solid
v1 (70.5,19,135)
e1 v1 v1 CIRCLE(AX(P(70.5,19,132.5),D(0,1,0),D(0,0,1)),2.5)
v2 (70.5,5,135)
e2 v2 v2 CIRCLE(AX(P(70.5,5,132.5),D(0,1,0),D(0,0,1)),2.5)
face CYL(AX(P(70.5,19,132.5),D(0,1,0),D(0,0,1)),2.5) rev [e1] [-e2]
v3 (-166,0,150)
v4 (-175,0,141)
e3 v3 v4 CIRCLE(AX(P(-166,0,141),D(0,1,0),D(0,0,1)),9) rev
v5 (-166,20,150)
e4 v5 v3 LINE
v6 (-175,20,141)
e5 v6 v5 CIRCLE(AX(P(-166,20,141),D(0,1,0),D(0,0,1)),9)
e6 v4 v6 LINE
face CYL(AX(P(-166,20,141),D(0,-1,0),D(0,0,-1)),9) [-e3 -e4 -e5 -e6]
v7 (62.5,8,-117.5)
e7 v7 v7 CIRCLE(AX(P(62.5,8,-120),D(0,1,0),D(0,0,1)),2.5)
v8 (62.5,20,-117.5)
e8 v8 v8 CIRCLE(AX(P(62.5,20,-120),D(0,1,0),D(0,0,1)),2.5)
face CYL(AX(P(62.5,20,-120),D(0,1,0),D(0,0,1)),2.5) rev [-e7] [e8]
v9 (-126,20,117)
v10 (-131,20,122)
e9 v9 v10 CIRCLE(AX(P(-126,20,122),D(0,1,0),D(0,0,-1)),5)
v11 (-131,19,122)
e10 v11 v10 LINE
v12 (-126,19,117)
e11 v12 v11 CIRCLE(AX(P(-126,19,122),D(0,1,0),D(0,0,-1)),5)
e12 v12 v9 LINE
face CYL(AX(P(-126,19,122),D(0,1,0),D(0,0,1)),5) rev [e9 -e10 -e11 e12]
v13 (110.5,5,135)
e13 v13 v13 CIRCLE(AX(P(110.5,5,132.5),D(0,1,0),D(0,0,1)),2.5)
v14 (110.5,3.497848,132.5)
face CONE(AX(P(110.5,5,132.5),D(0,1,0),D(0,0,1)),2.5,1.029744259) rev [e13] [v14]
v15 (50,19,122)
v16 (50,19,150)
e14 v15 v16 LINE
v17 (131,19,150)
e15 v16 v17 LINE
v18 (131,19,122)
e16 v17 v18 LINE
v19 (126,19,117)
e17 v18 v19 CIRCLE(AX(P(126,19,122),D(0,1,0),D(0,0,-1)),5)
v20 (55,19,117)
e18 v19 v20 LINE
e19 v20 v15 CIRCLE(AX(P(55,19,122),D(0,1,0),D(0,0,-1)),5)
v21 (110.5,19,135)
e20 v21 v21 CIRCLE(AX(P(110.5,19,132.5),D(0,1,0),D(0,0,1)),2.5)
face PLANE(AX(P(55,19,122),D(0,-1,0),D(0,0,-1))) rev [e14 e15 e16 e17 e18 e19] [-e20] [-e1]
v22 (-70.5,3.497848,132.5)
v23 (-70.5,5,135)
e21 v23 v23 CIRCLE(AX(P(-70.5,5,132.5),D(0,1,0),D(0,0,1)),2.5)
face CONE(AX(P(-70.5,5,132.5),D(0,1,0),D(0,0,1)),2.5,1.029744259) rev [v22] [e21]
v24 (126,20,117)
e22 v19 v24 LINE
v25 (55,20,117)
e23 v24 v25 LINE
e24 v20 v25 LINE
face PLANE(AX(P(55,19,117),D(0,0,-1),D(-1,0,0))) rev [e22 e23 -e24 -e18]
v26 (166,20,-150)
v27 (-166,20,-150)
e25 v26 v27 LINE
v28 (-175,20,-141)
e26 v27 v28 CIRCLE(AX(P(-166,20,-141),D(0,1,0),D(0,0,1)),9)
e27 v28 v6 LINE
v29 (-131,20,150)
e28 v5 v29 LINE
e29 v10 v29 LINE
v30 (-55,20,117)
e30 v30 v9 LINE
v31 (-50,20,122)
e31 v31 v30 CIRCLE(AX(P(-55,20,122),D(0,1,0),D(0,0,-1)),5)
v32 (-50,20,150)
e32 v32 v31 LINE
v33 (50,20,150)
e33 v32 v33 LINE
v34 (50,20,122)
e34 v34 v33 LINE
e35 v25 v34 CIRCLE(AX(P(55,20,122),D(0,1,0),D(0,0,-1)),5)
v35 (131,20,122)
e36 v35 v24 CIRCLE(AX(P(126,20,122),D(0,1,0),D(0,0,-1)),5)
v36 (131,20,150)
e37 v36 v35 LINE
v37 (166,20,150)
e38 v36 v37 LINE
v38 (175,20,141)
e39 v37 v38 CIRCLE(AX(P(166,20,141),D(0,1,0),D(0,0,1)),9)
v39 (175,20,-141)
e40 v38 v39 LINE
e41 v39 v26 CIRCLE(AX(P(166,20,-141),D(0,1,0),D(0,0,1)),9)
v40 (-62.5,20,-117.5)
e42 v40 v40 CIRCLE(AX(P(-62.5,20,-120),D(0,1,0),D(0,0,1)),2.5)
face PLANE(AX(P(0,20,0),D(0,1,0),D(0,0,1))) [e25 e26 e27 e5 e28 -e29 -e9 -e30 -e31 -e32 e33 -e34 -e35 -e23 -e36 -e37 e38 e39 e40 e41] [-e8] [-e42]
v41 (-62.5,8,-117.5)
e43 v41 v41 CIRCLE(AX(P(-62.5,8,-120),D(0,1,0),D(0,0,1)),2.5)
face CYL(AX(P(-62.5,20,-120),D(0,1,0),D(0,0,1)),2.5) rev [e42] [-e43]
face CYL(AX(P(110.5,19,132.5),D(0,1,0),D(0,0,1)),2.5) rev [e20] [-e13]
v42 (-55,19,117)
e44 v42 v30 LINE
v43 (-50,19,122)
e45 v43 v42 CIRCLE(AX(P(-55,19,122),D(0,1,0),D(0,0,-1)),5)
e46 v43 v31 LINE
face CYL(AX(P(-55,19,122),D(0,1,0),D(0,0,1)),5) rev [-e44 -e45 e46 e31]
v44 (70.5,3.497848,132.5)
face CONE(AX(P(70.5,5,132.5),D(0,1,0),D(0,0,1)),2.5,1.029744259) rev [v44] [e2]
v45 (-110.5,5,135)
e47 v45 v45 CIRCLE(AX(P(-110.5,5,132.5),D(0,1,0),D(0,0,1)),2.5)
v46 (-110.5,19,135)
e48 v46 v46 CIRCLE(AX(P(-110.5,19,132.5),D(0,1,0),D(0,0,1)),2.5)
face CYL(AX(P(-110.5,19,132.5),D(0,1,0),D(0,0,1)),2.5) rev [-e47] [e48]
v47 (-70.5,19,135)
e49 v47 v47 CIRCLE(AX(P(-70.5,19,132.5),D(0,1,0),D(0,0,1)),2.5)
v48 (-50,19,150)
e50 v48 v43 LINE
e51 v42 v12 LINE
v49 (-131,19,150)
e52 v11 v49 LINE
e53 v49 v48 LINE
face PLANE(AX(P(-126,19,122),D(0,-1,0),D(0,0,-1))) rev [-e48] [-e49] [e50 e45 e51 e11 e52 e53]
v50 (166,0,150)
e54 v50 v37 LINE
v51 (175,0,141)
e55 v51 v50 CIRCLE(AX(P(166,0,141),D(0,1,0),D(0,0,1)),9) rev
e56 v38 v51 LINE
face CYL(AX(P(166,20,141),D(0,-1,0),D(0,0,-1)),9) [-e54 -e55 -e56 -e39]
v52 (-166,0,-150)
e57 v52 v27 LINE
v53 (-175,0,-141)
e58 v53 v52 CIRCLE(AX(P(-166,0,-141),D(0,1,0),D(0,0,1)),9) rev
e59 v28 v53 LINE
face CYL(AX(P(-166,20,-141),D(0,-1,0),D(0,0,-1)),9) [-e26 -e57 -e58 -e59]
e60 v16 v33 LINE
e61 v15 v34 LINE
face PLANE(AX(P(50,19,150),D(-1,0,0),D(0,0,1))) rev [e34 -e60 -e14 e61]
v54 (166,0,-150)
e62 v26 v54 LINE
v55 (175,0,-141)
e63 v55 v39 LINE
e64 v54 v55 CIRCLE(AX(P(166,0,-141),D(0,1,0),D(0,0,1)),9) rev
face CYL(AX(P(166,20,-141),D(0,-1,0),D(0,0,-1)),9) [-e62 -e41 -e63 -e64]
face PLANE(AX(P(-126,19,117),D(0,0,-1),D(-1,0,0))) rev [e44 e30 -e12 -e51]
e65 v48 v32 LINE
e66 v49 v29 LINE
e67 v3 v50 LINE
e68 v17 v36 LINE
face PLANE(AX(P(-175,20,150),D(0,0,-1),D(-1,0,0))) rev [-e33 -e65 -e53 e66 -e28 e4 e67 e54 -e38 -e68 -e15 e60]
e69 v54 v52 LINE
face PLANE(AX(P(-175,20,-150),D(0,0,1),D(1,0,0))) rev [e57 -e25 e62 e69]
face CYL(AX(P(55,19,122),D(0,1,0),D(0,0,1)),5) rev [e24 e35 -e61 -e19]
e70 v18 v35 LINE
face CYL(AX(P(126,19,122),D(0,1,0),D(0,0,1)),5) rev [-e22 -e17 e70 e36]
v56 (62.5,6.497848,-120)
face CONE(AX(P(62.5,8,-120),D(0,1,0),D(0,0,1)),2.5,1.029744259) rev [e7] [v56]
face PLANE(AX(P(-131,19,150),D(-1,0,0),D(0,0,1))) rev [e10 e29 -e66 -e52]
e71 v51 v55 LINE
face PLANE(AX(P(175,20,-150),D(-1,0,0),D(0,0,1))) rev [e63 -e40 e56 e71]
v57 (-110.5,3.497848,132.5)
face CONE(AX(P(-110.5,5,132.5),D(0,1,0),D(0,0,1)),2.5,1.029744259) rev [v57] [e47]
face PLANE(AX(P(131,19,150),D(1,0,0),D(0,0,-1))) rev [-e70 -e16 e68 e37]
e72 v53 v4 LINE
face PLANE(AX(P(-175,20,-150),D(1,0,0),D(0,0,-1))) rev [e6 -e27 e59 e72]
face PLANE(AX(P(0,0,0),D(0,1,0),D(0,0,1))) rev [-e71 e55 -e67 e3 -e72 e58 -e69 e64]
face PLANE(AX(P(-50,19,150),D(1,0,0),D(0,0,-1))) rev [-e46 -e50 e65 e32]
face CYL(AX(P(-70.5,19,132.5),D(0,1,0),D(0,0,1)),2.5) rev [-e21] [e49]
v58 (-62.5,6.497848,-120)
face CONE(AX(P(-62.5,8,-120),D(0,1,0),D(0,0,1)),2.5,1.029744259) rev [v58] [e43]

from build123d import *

# Parameters (mm, degrees)
SKETCH_1_W             = 350
SKETCH_1_H             = 300
EXTRUDE_1_DEPTH        = 20
FILLET_1_R             = 9
CUT_EXTRUDE_1_DEPTH    = 1
HOLE_WIZARD_M6_1_D     = 5
HOLE_WIZARD_M6_1_DEPTH = 14
HOLE_WIZARD_M6_1_TIP   = 1.502151548
HOLE_WIZARD_M6_2_D     = 5
HOLE_WIZARD_M6_2_DEPTH = 12
HOLE_WIZARD_M6_2_TIP   = 1.502151548


with BuildPart() as part:
    # 스케치1 → 보스-돌출1 (new body)
    with BuildSketch(Plane(origin=(0, 0, 0), x_dir=(1, 0, 0), z_dir=(0, 1, 0))):
        Rectangle(SKETCH_1_W, SKETCH_1_H)
    extrude(amount=EXTRUDE_1_DEPTH)

    # 필렛1
    fillet_1_edges = [part.edges().sort_by_distance(p)[0] for p in [
        (175, 10, 150),
        (-175, 10, 150),
        (-175, 10, -150),
        (175, 10, -150),
    ]]
    fillet(fillet_1_edges, radius=FILLET_1_R)

    # 스케치2 → 컷-돌출1 (cut)
    with BuildSketch(Plane(origin=(0, 20, 0), x_dir=(1, 0, 0), z_dir=(0, 1, 0))):
        with BuildLine():
            Line((-131, -150), (-50, -150))
            Line((-50, -150), (-50, -122))
            ThreePointArc((-50, -122), (-51.464466094, -118.464466094), (-55, -117))
            Line((-55, -117), (-126, -117))
            ThreePointArc((-126, -117), (-129.535533906, -118.464466094), (-131, -122))
            Line((-131, -122), (-131, -150))
        make_face()
        with BuildLine():
            Line((50, -150), (131, -150))
            Line((131, -150), (131, -122))
            ThreePointArc((131, -122), (129.535533906, -118.464466094), (126, -117))
            Line((126, -117), (55, -117))
            ThreePointArc((55, -117), (51.464466094, -118.464466094), (50, -122))
            Line((50, -122), (50, -150))
        make_face()
    extrude(amount=-CUT_EXTRUDE_1_DEPTH, mode=Mode.SUBTRACT)

    # M6 나사 구멍1
    with Locations(Plane(origin=(0, 19, 0), x_dir=(1, 0, 0), z_dir=(0, 1, 0))):
        with Locations((-110.5, -132.5), (-70.5, -132.5), (70.5, -132.5), (110.5, -132.5)):
            Hole(HOLE_WIZARD_M6_1_D / 2, depth=HOLE_WIZARD_M6_1_DEPTH)
            with Locations((0, 0, -(HOLE_WIZARD_M6_1_DEPTH + HOLE_WIZARD_M6_1_TIP / 2))):  # 118° drill point
                Cone(0, HOLE_WIZARD_M6_1_D / 2, HOLE_WIZARD_M6_1_TIP, mode=Mode.SUBTRACT)

    # M6 나사 구멍2
    with Locations(Plane(origin=(0, 20, 0), x_dir=(1, 0, 0), z_dir=(0, 1, 0))):
        with Locations((-62.5, 120), (62.5, 120)):
            Hole(HOLE_WIZARD_M6_2_D / 2, depth=HOLE_WIZARD_M6_2_DEPTH)
            with Locations((0, 0, -(HOLE_WIZARD_M6_2_DEPTH + HOLE_WIZARD_M6_2_TIP / 2))):  # 118° drill point
                Cone(0, HOLE_WIZARD_M6_2_D / 2, HOLE_WIZARD_M6_2_TIP, mode=Mode.SUBTRACT)


solid = part.part
